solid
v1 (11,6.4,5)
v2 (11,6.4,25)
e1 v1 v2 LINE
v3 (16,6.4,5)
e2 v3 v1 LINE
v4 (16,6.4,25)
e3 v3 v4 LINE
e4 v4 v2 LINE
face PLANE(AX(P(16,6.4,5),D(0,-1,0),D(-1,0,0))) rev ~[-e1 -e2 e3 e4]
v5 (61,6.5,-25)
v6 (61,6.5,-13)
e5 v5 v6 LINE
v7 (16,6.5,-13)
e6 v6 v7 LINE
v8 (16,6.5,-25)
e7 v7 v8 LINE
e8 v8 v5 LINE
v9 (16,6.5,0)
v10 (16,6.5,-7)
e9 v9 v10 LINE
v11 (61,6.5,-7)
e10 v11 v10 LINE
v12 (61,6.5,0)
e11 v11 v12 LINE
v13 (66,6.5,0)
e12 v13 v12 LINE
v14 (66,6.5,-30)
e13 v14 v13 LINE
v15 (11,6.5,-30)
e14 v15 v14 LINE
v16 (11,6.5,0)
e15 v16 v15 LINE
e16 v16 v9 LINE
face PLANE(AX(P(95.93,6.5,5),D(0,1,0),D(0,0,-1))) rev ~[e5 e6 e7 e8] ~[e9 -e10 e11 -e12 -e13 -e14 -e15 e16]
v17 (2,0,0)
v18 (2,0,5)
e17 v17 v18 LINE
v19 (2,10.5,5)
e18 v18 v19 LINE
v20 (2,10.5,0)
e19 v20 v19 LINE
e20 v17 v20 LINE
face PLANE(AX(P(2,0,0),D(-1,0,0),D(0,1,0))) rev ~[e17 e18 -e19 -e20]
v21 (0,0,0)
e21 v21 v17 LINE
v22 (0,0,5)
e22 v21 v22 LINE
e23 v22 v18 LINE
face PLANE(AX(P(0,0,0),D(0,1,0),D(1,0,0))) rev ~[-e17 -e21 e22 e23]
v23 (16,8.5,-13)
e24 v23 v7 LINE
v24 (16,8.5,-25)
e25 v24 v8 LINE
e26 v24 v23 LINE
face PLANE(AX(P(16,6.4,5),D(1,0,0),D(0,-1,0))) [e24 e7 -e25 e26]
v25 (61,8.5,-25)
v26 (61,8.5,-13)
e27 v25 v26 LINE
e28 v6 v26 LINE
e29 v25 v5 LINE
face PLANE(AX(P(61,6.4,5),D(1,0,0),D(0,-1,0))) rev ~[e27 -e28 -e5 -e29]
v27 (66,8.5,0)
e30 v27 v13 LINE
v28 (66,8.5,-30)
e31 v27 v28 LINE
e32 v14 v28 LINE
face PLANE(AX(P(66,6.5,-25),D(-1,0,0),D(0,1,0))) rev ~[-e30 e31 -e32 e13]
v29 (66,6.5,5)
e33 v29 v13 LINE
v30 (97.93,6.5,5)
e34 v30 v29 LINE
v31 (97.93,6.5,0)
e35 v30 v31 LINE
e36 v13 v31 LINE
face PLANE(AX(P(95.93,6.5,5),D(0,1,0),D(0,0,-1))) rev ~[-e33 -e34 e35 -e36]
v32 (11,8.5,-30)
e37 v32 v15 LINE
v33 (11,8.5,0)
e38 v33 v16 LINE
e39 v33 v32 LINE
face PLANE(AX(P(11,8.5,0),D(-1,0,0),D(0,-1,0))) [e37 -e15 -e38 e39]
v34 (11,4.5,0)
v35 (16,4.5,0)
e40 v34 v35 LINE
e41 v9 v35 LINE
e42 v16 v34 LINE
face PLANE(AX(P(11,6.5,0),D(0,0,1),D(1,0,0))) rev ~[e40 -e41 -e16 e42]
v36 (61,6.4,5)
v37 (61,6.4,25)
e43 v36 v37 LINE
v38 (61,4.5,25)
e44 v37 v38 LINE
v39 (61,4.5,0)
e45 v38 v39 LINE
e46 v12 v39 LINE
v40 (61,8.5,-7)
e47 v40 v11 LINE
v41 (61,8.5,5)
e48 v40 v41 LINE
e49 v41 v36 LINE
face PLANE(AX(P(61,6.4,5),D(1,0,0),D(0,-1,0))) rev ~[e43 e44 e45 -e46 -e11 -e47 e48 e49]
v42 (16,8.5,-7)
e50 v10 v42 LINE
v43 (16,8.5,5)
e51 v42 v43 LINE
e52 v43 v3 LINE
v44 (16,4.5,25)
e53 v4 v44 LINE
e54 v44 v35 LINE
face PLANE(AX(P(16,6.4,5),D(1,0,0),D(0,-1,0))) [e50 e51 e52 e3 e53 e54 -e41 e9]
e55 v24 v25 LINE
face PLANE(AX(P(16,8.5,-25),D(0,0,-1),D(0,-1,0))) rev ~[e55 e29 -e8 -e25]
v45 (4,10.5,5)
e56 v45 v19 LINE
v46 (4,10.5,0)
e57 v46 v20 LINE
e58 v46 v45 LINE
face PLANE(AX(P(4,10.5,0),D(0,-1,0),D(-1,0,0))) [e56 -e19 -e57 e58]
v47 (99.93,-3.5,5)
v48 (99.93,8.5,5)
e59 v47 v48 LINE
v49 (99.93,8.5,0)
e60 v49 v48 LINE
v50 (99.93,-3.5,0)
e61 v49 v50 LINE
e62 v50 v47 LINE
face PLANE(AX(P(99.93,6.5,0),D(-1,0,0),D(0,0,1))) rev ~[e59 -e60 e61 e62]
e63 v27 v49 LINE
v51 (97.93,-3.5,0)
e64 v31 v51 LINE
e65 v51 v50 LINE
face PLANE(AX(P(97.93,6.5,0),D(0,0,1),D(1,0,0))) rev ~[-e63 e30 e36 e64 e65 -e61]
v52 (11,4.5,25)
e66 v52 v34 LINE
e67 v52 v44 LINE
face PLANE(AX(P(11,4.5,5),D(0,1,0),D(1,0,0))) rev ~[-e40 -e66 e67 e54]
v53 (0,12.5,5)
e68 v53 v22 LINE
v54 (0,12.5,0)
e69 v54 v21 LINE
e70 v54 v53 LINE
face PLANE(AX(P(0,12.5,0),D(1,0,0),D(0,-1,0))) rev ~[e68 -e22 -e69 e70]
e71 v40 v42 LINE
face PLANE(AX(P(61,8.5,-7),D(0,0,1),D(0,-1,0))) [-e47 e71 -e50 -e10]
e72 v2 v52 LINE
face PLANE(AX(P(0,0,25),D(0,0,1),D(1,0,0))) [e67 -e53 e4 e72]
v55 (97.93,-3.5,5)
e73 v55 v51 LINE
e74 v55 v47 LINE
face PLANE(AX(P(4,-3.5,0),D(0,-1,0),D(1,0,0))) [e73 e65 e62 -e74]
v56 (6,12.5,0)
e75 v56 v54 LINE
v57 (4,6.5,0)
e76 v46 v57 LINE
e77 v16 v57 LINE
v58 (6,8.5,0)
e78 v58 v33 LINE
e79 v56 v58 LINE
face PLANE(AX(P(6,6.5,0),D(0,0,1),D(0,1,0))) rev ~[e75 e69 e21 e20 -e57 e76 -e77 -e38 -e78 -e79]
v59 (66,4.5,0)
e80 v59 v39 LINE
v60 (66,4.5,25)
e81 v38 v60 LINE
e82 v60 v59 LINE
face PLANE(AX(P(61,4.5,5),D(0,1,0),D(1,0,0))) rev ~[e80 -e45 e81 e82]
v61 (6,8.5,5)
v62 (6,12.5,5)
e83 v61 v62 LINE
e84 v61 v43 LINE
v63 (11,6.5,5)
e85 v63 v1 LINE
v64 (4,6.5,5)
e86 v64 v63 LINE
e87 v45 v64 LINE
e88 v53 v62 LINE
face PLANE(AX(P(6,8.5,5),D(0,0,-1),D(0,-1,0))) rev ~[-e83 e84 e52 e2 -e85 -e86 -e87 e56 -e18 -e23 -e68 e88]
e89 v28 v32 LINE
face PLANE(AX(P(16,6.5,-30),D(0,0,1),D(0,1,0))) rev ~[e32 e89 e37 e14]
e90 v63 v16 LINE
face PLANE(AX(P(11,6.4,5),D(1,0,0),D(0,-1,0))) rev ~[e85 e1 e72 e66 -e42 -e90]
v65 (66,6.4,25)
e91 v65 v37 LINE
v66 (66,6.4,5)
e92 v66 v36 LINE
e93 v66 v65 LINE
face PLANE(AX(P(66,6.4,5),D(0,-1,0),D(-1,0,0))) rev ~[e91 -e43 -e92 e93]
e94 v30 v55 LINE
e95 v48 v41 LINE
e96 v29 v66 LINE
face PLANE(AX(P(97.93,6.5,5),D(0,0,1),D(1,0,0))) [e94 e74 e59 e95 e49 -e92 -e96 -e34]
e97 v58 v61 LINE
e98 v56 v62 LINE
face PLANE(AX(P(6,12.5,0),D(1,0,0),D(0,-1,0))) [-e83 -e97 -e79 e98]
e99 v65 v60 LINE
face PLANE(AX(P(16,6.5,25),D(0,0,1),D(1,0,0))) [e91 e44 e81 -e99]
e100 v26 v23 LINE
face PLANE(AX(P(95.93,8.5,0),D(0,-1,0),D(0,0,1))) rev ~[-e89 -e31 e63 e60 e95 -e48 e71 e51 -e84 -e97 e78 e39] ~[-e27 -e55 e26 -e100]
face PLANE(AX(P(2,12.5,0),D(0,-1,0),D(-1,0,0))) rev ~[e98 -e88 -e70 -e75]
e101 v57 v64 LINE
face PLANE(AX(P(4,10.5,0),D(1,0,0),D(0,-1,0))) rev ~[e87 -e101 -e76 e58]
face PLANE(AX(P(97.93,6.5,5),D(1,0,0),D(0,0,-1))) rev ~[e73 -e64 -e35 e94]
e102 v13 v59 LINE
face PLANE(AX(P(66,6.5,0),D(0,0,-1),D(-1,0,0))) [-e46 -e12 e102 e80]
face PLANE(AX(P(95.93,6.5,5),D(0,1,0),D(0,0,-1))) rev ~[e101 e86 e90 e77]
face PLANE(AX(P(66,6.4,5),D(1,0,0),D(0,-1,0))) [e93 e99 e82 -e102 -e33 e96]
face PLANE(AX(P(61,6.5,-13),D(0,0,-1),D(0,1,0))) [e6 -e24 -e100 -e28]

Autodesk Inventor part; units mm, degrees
ref_plane "YZ Plane" through (0, 0, 0) normal (1, 0, 0) x (0, 1, 0)
ref_plane "XZ Plane" through (0, 0, 0) normal (0, 1, 0) x (-1, 0, 0)
ref_plane "XY Plane" through (0, 0, 0) normal (0, 0, 1) x (1, 0, 0)
sketch "Sketch1" plane through (0, 0, 0) normal (0, 0, 1) x (1, 0, 0)
  line L0 (0, 0) -> (2, 0)
  line L1 (2, 0) -> (2, 12.5)
  line L2 (2, 12.5) -> (0, 12.5)
  line L3 (0, 12.5) -> (0, 0)
  line L4 (2, 12.5) -> (6, 12.5)
  line L5 (6, 12.5) -> (6, 10.5)
  line L6 (6, 10.5) -> (2, 10.5)
  line L7 (2, 10.5) -> (2, 12.5)
  line L8 (6, 10.5) -> (4, 10.5)
  line L9 (4, 10.5) -> (4, 6.5)
  line L10 (4, 6.5) -> (6, 6.5)
  line L11 (6, 6.5) -> (6, 10.5)
  dimension "d0" = 2
  dimension "d1" = 12.5
  dimension "d2" = 4
  dimension "d3" = 2
  dimension "d4" = 2
  dimension "d5" = 4
extrude "Extrusion1" add sketch "Sketch1" along normal blind 5
sketch "Sketch2" plane through (6, 6.5, 0) normal (1, 0, 0) x (0, 0, -1)
  line L0 (-5, 4) -> (-5, 0) projected
  line L1 (0, 0) -> (0, 4) projected
  line L2 (-5, 0) -> (0, 0)
  line L3 (0, 0) -> (0, 2)
  line L4 (0, 2) -> (-5, 2)
  line L5 (-5, 2) -> (-5, 0)
  point P0 (0, -6.5)
  dimension "d8" = 2
extrude "Extrusion2" add sketch "Sketch2" along normal blind 10
sketch "Sketch3" plane through (0, 0, 0) normal (0, 0, -1) x (-1, 0, 0)
  line L0 (-16, 6.5) -> (-4, 6.5) projected
  line L1 (-16, 8.5) -> (-16, 6.5) projected
  line L2 (-16, 8.5) -> (-11, 8.5)
  line L3 (-11, 8.5) -> (-11, 6.5)
  line L4 (-11, 6.5) -> (-16, 6.5)
  line L5 (-16, 6.5) -> (-16, 8.5)
extrude "Extrusion3" add sketch "Sketch3" along normal blind 30
sketch "Sketch4" plane through (16, 6.5, 0) normal (1, 0, 0) x (0, 0, -1)
  line L0 (-5, 0) -> (30, 0) projected
  line L1 (30, 0) -> (30, 2) projected
  line L2 (30, 2) -> (25, 2)
  line L3 (25, 2) -> (25, 0)
  line L4 (25, 0) -> (30, 0)
  line L5 (30, 0) -> (30, 2)
  point P0 (0, -6.5)
  dimension "d13" = 5
extrude "Extrusion4" add sketch "Sketch4" along normal blind 50
sketch "Sketch5" plane through (16, 6.5, -25) normal (0, 0, 1) x (1, 0, 0)
  line L0 (-5, 0) -> (50, 0) projected
  line L1 (50, 2) -> (45, 2)
  line L2 (45, 2) -> (45, 0)
  line L3 (45, 0) -> (50, 0)
  line L4 (50, 0) -> (50, 2)
  point P0 (-16, -6.5)
  dimension "d16" = 5
extrude "Extrusion5" add sketch "Sketch5" along normal blind 30
sketch "Sketch6" plane through (66, 6.5, 0) normal (1, 0, 0) x (0, 0, -1)
  line L0 (0, 0) -> (-5, 0) projected
  line L1 (-5, 2) -> (0, 2)
  line L2 (0, 2) -> (0, 0)
  line L3 (0, 0) -> (-5, 0)
  line L4 (-5, 0) -> (-5, 2)
  point P0 (0, -6.5)
extrude "Extrusion6" add sketch "Sketch6" along normal blind 29.93
sketch "Sketch7" plane through (95.93, 6.5, 0) normal (1, 0, 0) x (0, 0, -1)
  line L0 (0, 0) -> (0, 2) projected
  line L1 (0, 2) -> (-5, 2) projected
  line L2 (-5, 2) -> (-5, 0) projected
  line L3 (-5, 0) -> (0, 0) projected
  point P0 (0, -6.5)
extrude "Extrusion7" add sketch "Sketch7" along normal blind 4
sketch "Sketch8" plane through (4, 6.5, 0) normal (0, -1, 0) x (1, 0, 0)
  line L0 (62, 0) -> (95.93, 0) projected
  line L1 (57, 5) -> (95.93, 5) projected
  line L2 (95.93, 5) -> (93.93, 5)
  line L3 (93.93, 5) -> (93.93, 0)
  line L4 (93.93, 0) -> (95.93, 0)
  line L5 (95.93, 0) -> (95.93, 5)
  point P0 (-4, 0)
  dimension "d23" = 2
extrude "Extrusion8" add sketch "Sketch8" along normal blind 10
sketch "Sketch9" plane through (4, 6.5, 0) normal (0, -1, 0) x (1, 0, 0)
  line L0 (57, 5) -> (95.93, 5) projected
  line L1 (62, 0) -> (95.93, 0) projected
  line L2 (57, 5) -> (62, 5)
  line L3 (62, 5) -> (62, 0)
  line L4 (62, 0) -> (57, 0)
  line L5 (57, 0) -> (57, 5)
  line L6 (12, 5) -> (7, 5)
  line L7 (7, 5) -> (7, 0)
  line L8 (7, 0) -> (12, 0)
  line L9 (12, 0) -> (12, 5)
  line L10 (7, 5) -> (12, 5)
  line L11 (12, 5) -> (12, 0)
  line L12 (12, 0) -> (7, 0)
  line L13 (7, 0) -> (7, 5)
  line L14 (57, 5) -> (62, 5)
  line L15 (62, 5) -> (62, 0)
  line L16 (62, 0) -> (57, 0)
  line L17 (57, 0) -> (57, 5)
  point P0 (-4, 0)
extrude "Extrusion9" add sketch "Sketch9" along normal blind 2
sketch "Sketch10" plane through (0, 0, 5) normal (0, 0, 1) x (1, 0, 0)
  line L0 (16, 8.5) -> (16, 4.5) projected
  line L1 (11, 4.5) -> (16, 4.5)
  line L2 (16, 4.5) -> (16, 6.4)
  line L3 (16, 6.4) -> (11, 6.4)
  line L4 (11, 6.4) -> (11, 4.5)
  dimension "d28" = 1.9
extrude "Extrusion10" add sketch "Sketch10" along normal blind 20
sketch "Sketch11" plane through (16, 6.5, 5) normal (0, 0, 1) x (1, 0, 0)
  line L0 (50, 0) -> (50, -2) projected
  line L1 (45, -2) -> (50, -2)
  line L2 (50, -2) -> (50, -0.1)
  line L3 (50, -0.1) -> (45, -0.1)
  line L4 (45, -0.1) -> (45, -2)
  point P0 (-16, -6.5)
  dimension "d31" = 1.9
extrude "Extrusion11" add sketch "Sketch11" along normal blind 20
sketch "Sketch12" plane through (61, 6.5, -25) normal (-1, 0, 0) x (0, 0, 1)
  line L0 (0, 0) -> (25, 0) projected
  line L1 (30, 2) -> (30, -0.1) projected
  line L2 (0, 2) -> (30, 2) projected
  line L3 (12, 2) -> (18, 2)
  line L4 (18, 2) -> (18, 0)
  line L5 (18, 0) -> (12, 0)
  line L6 (12, 0) -> (12, 2)
  point P0 (25, -6.5)
  dimension "d34" = 6
  dimension "d35" = 12
extrude "Extrusion12" add sketch "Sketch12" along normal up to next
properties part number "Steunbalk boven bocht"
